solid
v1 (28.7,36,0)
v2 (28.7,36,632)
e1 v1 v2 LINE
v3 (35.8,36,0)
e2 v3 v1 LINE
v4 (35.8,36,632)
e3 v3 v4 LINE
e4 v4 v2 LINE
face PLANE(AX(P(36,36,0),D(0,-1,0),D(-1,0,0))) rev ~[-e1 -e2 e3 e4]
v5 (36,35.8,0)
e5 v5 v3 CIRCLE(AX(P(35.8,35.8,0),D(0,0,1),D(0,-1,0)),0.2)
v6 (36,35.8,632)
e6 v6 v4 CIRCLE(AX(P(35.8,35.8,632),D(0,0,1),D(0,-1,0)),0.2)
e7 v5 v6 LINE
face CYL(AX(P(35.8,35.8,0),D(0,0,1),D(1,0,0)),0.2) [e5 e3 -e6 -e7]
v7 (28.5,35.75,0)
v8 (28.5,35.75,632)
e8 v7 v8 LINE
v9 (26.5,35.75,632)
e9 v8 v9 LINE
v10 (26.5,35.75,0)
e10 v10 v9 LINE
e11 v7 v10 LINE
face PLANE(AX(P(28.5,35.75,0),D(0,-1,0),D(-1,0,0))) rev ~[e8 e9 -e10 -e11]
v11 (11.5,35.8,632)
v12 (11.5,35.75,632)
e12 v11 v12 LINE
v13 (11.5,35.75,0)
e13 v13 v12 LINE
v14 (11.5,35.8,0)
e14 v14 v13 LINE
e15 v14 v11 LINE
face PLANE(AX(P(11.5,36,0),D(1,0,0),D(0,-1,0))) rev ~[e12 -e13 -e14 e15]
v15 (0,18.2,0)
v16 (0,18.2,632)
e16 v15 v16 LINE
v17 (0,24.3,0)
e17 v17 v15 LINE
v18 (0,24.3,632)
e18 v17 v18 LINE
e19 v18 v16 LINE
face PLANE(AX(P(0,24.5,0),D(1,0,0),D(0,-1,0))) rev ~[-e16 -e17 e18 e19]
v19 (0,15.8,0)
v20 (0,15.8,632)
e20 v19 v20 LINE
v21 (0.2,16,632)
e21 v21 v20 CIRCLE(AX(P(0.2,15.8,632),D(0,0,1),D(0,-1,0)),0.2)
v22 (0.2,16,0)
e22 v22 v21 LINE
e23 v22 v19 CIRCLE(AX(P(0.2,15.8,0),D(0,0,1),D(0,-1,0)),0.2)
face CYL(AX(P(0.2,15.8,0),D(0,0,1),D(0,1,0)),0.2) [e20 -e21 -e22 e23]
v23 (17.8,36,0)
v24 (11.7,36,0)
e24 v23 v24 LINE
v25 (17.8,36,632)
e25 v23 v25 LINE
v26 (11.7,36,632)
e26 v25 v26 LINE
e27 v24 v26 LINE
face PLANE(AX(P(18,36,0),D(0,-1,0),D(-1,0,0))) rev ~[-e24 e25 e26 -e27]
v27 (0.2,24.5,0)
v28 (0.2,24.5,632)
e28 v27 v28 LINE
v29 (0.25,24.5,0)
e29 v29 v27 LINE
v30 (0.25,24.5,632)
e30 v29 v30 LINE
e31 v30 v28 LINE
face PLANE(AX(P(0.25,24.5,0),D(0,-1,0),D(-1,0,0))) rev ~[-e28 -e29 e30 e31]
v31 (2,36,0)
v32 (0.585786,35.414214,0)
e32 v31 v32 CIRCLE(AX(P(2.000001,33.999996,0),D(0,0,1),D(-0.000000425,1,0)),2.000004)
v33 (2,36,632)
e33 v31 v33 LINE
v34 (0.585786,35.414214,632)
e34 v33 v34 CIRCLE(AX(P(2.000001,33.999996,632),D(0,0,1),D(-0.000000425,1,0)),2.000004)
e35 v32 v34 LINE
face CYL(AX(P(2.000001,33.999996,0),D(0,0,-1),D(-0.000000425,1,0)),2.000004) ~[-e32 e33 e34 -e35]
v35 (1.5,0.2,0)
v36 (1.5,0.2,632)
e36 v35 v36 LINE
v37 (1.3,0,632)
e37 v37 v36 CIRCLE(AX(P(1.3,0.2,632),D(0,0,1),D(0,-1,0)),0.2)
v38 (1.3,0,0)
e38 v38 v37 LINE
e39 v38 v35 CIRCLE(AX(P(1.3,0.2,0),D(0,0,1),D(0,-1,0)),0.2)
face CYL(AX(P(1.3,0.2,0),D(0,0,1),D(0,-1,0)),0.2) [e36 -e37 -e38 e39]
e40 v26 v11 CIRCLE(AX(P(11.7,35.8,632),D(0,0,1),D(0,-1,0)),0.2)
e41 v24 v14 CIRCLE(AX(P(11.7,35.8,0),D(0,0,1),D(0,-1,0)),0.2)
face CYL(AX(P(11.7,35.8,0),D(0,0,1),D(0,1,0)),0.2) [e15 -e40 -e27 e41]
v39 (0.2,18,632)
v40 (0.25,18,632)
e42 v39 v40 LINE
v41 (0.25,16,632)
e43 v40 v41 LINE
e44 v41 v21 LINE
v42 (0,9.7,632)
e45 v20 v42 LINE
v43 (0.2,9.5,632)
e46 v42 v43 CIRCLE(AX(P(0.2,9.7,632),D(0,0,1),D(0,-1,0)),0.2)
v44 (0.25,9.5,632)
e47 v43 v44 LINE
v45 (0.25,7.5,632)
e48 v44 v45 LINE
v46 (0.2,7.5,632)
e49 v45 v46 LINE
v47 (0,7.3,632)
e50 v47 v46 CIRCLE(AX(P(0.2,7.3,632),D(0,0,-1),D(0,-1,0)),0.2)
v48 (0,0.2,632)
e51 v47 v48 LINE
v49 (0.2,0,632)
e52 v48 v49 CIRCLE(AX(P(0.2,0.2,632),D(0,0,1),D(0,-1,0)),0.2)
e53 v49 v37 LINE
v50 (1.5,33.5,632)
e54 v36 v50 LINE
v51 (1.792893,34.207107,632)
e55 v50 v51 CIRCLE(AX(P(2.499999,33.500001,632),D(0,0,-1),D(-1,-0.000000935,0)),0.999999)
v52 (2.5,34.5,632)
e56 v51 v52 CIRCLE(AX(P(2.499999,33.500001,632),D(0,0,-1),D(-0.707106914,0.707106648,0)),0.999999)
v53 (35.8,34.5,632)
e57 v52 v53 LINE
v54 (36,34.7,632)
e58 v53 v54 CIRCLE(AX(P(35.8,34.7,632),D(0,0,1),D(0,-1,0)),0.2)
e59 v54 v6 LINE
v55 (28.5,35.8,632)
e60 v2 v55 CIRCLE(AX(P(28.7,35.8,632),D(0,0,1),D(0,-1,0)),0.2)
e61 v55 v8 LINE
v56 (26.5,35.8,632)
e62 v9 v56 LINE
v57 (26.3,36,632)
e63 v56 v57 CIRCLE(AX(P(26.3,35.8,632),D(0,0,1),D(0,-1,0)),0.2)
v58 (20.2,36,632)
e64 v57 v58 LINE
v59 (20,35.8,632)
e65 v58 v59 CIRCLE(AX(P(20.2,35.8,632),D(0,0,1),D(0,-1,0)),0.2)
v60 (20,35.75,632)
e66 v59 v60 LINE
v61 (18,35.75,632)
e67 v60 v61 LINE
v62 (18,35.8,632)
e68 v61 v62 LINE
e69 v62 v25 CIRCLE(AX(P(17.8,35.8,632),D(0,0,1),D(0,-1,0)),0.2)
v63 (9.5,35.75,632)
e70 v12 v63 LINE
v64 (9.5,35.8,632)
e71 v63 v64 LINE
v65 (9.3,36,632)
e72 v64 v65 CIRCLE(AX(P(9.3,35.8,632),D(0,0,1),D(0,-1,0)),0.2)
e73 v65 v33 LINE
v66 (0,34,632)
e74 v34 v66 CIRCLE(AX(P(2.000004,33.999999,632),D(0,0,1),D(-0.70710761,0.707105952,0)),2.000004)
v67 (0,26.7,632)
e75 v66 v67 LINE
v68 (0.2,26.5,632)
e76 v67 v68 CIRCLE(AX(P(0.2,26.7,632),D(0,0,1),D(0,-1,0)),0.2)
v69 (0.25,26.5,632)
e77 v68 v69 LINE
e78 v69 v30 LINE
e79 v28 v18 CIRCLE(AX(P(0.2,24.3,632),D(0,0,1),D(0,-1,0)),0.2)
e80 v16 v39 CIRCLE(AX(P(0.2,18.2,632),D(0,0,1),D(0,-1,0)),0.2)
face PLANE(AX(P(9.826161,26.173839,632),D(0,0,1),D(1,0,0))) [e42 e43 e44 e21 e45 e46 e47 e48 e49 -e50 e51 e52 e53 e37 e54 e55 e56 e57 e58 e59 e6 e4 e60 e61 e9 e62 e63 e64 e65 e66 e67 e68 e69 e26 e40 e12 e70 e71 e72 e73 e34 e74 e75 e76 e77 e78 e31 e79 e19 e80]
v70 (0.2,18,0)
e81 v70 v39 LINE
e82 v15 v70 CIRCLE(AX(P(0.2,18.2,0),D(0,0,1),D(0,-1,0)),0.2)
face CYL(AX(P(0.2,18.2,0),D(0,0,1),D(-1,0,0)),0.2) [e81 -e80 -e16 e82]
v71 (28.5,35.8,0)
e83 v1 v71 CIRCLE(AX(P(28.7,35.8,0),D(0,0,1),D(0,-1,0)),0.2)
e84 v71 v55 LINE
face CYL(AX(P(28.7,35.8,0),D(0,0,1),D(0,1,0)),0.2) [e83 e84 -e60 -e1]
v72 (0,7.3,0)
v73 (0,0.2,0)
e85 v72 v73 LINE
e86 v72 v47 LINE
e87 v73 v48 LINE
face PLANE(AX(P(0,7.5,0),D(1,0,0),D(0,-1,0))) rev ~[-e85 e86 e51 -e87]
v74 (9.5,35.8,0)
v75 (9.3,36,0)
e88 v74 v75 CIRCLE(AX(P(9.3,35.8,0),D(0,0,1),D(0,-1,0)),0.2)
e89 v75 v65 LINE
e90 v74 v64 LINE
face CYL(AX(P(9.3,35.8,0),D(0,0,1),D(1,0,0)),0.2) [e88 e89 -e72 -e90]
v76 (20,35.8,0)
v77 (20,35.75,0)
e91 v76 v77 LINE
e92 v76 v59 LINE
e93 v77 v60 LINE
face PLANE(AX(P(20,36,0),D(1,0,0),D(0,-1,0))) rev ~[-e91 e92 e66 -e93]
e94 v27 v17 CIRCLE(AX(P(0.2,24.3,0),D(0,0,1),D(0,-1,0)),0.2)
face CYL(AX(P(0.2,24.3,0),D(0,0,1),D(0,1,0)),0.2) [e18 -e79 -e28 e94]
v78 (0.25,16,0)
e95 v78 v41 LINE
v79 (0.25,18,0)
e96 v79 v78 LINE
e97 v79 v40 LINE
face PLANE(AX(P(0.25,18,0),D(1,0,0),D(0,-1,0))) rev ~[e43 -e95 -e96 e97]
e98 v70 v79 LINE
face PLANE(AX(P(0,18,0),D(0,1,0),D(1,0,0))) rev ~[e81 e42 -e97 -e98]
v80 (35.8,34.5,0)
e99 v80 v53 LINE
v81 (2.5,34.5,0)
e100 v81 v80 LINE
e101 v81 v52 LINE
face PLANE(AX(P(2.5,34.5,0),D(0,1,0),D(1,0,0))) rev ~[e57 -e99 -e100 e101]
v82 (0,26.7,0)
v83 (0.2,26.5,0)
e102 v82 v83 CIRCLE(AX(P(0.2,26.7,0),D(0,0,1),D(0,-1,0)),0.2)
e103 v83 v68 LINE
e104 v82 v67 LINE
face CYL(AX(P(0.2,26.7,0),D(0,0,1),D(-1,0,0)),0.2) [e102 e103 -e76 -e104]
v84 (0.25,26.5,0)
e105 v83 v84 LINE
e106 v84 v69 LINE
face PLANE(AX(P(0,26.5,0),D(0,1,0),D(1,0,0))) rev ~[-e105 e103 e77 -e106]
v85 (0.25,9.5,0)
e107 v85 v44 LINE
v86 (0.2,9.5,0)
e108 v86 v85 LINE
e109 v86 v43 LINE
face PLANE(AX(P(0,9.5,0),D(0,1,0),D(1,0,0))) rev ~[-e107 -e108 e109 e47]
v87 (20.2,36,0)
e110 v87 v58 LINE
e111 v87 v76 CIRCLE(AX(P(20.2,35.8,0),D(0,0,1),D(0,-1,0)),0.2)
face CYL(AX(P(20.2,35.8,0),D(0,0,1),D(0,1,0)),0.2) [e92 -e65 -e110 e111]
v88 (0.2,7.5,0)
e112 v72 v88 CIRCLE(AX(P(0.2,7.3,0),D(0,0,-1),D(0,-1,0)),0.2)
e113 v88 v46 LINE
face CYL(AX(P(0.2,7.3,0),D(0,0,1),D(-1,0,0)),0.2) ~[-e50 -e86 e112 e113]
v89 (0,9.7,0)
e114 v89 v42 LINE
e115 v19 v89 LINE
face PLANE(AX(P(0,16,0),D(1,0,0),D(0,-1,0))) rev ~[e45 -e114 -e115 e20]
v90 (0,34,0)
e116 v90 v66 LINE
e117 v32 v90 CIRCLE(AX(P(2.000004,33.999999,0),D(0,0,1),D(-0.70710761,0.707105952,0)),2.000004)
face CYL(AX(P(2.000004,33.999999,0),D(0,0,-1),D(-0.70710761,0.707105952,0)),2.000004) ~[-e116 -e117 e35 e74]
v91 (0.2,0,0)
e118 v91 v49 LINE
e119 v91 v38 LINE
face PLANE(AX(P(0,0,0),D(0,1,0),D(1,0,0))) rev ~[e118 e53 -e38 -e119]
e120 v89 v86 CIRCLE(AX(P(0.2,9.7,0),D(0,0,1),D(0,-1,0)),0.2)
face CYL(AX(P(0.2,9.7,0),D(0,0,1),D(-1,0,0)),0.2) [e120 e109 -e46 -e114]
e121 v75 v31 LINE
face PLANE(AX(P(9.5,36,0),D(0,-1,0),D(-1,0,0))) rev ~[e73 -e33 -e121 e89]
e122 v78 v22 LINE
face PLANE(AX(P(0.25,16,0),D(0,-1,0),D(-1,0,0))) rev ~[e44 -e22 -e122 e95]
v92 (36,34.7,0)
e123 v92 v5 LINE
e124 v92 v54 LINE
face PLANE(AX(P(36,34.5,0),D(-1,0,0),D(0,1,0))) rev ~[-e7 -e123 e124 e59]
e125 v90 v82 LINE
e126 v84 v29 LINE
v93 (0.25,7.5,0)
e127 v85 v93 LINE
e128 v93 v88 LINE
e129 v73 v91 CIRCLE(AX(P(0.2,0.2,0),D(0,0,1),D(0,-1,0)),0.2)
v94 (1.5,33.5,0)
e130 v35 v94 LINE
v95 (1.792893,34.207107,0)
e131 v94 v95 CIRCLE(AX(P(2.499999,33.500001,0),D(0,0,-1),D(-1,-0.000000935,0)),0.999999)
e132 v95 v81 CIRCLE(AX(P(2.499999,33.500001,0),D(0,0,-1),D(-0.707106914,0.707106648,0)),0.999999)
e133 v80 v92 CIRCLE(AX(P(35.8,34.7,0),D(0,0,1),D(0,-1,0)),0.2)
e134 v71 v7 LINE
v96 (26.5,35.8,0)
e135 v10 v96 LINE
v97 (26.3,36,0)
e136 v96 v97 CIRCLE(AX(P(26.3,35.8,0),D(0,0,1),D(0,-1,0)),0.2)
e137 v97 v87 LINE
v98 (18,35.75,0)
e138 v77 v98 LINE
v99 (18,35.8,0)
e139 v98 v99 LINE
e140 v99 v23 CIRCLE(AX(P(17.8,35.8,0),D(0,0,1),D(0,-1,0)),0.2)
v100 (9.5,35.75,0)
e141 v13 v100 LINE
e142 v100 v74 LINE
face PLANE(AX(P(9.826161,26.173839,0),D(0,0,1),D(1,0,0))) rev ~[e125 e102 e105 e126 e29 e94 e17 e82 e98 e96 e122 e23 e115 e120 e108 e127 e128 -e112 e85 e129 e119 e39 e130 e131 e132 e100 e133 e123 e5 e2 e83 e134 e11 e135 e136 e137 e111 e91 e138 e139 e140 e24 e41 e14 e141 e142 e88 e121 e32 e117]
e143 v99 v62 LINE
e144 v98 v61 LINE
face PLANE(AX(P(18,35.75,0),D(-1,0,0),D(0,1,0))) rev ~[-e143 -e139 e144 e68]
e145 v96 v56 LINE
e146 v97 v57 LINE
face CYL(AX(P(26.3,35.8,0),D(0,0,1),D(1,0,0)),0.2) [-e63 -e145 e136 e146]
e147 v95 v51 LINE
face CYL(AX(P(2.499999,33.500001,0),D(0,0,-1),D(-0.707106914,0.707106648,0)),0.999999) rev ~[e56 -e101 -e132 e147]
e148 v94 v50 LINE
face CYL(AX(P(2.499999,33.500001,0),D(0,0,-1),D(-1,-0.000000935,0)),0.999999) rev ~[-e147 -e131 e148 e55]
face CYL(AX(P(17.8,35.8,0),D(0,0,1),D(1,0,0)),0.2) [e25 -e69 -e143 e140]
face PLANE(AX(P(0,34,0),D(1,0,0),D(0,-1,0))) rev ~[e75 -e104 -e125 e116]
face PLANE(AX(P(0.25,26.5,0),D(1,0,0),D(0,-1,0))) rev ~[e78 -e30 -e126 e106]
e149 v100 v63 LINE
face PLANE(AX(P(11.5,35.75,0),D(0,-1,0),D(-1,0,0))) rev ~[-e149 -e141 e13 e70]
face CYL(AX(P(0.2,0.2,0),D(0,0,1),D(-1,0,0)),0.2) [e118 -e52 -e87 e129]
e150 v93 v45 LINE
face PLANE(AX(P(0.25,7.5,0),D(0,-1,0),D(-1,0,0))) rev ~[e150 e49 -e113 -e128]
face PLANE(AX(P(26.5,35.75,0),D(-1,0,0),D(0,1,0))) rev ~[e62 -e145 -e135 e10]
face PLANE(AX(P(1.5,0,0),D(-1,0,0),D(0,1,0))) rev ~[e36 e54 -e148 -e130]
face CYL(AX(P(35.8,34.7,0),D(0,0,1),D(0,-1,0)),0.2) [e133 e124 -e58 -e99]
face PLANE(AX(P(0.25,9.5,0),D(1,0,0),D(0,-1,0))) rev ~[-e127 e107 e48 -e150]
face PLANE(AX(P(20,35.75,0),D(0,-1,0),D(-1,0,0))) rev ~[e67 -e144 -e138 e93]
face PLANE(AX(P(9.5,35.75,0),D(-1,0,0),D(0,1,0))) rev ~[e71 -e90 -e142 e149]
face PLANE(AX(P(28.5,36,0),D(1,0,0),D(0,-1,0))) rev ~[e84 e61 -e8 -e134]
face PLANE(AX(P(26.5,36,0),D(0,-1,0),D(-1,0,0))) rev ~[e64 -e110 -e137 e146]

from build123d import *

# Parameters (mm, degrees)
F1_DEPTH = 632
F2_R     = 0.2


with BuildPart() as f1:
    # F0 (on Top) → F1 (new body)
    with BuildSketch(Plane.XY):
        with BuildLine():
            Line((0, 7.5), (0, 0))
            Line((0, 0), (1.5, 0))
            Line((1.5, 0), (1.5, 33.5))
            ThreePointArc((1.5, 33.5), (1.57612, 33.882683), (1.792893, 34.207107))
            ThreePointArc((1.792893, 34.207107), (2.117317, 34.42388), (2.5, 34.5))
            Line((2.5, 34.5), (36, 34.5))
            Line((36, 34.5), (36, 36))
            Line((36, 36), (28.5, 36))
            Line((28.5, 36), (28.5, 35.75))
            Line((28.5, 35.75), (26.5, 35.75))
            Line((26.5, 35.75), (26.5, 36))
            Line((26.5, 36), (20, 36))
            Line((20, 36), (20, 35.75))
            Line((20, 35.75), (18, 35.75))
            Line((18, 35.75), (18, 36))
            Line((18, 36), (11.5, 36))
            Line((11.5, 36), (11.5, 35.75))
            Line((11.5, 35.75), (9.5, 35.75))
            Line((9.5, 35.75), (9.5, 36))
            Line((9.5, 36), (2, 36))
            ThreePointArc((2, 36), (1.234633, 35.847759), (0.585786, 35.414214))
            ThreePointArc((0.585786, 35.414214), (0.152241, 34.765367), (0, 34))
            Line((0, 34), (0, 26.5))
            Line((0, 26.5), (0.25, 26.5))
            Line((0.25, 26.5), (0.25, 24.5))
            Line((0.25, 24.5), (0, 24.5))
            Line((0, 24.5), (0, 18))
            Line((0, 18), (0.25, 18))
            Line((0.25, 18), (0.25, 16))
            Line((0.25, 16), (0, 16))
            Line((0, 16), (0, 9.5))
            Line((0, 9.5), (0.25, 9.5))
            Line((0.25, 9.5), (0.25, 7.5))
            Line((0.25, 7.5), (0, 7.5))
        make_face()
    extrude(amount=F1_DEPTH)

    # F2
    f2_edges = [f1.edges().sort_by_distance(p)[0] for p in [
        (0, 16, 316),
        (0, 18, 316),
        (0, 9.5, 316),
        (0, 7.5, 316),
        (0, 26.5, 316),
        (0, 24.5, 316),
        (9.5, 36, 316),
        (11.5, 36, 316),
        (18, 36, 316),
        (20, 36, 316),
        (26.5, 36, 316),
        (28.5, 36, 316),
        (36, 36, 316),
        (36, 34.5, 316),
        (0, 0, 316),
        (1.5, 0, 316),
    ]]
    fillet(f2_edges, radius=F2_R)


solid = f1.part
